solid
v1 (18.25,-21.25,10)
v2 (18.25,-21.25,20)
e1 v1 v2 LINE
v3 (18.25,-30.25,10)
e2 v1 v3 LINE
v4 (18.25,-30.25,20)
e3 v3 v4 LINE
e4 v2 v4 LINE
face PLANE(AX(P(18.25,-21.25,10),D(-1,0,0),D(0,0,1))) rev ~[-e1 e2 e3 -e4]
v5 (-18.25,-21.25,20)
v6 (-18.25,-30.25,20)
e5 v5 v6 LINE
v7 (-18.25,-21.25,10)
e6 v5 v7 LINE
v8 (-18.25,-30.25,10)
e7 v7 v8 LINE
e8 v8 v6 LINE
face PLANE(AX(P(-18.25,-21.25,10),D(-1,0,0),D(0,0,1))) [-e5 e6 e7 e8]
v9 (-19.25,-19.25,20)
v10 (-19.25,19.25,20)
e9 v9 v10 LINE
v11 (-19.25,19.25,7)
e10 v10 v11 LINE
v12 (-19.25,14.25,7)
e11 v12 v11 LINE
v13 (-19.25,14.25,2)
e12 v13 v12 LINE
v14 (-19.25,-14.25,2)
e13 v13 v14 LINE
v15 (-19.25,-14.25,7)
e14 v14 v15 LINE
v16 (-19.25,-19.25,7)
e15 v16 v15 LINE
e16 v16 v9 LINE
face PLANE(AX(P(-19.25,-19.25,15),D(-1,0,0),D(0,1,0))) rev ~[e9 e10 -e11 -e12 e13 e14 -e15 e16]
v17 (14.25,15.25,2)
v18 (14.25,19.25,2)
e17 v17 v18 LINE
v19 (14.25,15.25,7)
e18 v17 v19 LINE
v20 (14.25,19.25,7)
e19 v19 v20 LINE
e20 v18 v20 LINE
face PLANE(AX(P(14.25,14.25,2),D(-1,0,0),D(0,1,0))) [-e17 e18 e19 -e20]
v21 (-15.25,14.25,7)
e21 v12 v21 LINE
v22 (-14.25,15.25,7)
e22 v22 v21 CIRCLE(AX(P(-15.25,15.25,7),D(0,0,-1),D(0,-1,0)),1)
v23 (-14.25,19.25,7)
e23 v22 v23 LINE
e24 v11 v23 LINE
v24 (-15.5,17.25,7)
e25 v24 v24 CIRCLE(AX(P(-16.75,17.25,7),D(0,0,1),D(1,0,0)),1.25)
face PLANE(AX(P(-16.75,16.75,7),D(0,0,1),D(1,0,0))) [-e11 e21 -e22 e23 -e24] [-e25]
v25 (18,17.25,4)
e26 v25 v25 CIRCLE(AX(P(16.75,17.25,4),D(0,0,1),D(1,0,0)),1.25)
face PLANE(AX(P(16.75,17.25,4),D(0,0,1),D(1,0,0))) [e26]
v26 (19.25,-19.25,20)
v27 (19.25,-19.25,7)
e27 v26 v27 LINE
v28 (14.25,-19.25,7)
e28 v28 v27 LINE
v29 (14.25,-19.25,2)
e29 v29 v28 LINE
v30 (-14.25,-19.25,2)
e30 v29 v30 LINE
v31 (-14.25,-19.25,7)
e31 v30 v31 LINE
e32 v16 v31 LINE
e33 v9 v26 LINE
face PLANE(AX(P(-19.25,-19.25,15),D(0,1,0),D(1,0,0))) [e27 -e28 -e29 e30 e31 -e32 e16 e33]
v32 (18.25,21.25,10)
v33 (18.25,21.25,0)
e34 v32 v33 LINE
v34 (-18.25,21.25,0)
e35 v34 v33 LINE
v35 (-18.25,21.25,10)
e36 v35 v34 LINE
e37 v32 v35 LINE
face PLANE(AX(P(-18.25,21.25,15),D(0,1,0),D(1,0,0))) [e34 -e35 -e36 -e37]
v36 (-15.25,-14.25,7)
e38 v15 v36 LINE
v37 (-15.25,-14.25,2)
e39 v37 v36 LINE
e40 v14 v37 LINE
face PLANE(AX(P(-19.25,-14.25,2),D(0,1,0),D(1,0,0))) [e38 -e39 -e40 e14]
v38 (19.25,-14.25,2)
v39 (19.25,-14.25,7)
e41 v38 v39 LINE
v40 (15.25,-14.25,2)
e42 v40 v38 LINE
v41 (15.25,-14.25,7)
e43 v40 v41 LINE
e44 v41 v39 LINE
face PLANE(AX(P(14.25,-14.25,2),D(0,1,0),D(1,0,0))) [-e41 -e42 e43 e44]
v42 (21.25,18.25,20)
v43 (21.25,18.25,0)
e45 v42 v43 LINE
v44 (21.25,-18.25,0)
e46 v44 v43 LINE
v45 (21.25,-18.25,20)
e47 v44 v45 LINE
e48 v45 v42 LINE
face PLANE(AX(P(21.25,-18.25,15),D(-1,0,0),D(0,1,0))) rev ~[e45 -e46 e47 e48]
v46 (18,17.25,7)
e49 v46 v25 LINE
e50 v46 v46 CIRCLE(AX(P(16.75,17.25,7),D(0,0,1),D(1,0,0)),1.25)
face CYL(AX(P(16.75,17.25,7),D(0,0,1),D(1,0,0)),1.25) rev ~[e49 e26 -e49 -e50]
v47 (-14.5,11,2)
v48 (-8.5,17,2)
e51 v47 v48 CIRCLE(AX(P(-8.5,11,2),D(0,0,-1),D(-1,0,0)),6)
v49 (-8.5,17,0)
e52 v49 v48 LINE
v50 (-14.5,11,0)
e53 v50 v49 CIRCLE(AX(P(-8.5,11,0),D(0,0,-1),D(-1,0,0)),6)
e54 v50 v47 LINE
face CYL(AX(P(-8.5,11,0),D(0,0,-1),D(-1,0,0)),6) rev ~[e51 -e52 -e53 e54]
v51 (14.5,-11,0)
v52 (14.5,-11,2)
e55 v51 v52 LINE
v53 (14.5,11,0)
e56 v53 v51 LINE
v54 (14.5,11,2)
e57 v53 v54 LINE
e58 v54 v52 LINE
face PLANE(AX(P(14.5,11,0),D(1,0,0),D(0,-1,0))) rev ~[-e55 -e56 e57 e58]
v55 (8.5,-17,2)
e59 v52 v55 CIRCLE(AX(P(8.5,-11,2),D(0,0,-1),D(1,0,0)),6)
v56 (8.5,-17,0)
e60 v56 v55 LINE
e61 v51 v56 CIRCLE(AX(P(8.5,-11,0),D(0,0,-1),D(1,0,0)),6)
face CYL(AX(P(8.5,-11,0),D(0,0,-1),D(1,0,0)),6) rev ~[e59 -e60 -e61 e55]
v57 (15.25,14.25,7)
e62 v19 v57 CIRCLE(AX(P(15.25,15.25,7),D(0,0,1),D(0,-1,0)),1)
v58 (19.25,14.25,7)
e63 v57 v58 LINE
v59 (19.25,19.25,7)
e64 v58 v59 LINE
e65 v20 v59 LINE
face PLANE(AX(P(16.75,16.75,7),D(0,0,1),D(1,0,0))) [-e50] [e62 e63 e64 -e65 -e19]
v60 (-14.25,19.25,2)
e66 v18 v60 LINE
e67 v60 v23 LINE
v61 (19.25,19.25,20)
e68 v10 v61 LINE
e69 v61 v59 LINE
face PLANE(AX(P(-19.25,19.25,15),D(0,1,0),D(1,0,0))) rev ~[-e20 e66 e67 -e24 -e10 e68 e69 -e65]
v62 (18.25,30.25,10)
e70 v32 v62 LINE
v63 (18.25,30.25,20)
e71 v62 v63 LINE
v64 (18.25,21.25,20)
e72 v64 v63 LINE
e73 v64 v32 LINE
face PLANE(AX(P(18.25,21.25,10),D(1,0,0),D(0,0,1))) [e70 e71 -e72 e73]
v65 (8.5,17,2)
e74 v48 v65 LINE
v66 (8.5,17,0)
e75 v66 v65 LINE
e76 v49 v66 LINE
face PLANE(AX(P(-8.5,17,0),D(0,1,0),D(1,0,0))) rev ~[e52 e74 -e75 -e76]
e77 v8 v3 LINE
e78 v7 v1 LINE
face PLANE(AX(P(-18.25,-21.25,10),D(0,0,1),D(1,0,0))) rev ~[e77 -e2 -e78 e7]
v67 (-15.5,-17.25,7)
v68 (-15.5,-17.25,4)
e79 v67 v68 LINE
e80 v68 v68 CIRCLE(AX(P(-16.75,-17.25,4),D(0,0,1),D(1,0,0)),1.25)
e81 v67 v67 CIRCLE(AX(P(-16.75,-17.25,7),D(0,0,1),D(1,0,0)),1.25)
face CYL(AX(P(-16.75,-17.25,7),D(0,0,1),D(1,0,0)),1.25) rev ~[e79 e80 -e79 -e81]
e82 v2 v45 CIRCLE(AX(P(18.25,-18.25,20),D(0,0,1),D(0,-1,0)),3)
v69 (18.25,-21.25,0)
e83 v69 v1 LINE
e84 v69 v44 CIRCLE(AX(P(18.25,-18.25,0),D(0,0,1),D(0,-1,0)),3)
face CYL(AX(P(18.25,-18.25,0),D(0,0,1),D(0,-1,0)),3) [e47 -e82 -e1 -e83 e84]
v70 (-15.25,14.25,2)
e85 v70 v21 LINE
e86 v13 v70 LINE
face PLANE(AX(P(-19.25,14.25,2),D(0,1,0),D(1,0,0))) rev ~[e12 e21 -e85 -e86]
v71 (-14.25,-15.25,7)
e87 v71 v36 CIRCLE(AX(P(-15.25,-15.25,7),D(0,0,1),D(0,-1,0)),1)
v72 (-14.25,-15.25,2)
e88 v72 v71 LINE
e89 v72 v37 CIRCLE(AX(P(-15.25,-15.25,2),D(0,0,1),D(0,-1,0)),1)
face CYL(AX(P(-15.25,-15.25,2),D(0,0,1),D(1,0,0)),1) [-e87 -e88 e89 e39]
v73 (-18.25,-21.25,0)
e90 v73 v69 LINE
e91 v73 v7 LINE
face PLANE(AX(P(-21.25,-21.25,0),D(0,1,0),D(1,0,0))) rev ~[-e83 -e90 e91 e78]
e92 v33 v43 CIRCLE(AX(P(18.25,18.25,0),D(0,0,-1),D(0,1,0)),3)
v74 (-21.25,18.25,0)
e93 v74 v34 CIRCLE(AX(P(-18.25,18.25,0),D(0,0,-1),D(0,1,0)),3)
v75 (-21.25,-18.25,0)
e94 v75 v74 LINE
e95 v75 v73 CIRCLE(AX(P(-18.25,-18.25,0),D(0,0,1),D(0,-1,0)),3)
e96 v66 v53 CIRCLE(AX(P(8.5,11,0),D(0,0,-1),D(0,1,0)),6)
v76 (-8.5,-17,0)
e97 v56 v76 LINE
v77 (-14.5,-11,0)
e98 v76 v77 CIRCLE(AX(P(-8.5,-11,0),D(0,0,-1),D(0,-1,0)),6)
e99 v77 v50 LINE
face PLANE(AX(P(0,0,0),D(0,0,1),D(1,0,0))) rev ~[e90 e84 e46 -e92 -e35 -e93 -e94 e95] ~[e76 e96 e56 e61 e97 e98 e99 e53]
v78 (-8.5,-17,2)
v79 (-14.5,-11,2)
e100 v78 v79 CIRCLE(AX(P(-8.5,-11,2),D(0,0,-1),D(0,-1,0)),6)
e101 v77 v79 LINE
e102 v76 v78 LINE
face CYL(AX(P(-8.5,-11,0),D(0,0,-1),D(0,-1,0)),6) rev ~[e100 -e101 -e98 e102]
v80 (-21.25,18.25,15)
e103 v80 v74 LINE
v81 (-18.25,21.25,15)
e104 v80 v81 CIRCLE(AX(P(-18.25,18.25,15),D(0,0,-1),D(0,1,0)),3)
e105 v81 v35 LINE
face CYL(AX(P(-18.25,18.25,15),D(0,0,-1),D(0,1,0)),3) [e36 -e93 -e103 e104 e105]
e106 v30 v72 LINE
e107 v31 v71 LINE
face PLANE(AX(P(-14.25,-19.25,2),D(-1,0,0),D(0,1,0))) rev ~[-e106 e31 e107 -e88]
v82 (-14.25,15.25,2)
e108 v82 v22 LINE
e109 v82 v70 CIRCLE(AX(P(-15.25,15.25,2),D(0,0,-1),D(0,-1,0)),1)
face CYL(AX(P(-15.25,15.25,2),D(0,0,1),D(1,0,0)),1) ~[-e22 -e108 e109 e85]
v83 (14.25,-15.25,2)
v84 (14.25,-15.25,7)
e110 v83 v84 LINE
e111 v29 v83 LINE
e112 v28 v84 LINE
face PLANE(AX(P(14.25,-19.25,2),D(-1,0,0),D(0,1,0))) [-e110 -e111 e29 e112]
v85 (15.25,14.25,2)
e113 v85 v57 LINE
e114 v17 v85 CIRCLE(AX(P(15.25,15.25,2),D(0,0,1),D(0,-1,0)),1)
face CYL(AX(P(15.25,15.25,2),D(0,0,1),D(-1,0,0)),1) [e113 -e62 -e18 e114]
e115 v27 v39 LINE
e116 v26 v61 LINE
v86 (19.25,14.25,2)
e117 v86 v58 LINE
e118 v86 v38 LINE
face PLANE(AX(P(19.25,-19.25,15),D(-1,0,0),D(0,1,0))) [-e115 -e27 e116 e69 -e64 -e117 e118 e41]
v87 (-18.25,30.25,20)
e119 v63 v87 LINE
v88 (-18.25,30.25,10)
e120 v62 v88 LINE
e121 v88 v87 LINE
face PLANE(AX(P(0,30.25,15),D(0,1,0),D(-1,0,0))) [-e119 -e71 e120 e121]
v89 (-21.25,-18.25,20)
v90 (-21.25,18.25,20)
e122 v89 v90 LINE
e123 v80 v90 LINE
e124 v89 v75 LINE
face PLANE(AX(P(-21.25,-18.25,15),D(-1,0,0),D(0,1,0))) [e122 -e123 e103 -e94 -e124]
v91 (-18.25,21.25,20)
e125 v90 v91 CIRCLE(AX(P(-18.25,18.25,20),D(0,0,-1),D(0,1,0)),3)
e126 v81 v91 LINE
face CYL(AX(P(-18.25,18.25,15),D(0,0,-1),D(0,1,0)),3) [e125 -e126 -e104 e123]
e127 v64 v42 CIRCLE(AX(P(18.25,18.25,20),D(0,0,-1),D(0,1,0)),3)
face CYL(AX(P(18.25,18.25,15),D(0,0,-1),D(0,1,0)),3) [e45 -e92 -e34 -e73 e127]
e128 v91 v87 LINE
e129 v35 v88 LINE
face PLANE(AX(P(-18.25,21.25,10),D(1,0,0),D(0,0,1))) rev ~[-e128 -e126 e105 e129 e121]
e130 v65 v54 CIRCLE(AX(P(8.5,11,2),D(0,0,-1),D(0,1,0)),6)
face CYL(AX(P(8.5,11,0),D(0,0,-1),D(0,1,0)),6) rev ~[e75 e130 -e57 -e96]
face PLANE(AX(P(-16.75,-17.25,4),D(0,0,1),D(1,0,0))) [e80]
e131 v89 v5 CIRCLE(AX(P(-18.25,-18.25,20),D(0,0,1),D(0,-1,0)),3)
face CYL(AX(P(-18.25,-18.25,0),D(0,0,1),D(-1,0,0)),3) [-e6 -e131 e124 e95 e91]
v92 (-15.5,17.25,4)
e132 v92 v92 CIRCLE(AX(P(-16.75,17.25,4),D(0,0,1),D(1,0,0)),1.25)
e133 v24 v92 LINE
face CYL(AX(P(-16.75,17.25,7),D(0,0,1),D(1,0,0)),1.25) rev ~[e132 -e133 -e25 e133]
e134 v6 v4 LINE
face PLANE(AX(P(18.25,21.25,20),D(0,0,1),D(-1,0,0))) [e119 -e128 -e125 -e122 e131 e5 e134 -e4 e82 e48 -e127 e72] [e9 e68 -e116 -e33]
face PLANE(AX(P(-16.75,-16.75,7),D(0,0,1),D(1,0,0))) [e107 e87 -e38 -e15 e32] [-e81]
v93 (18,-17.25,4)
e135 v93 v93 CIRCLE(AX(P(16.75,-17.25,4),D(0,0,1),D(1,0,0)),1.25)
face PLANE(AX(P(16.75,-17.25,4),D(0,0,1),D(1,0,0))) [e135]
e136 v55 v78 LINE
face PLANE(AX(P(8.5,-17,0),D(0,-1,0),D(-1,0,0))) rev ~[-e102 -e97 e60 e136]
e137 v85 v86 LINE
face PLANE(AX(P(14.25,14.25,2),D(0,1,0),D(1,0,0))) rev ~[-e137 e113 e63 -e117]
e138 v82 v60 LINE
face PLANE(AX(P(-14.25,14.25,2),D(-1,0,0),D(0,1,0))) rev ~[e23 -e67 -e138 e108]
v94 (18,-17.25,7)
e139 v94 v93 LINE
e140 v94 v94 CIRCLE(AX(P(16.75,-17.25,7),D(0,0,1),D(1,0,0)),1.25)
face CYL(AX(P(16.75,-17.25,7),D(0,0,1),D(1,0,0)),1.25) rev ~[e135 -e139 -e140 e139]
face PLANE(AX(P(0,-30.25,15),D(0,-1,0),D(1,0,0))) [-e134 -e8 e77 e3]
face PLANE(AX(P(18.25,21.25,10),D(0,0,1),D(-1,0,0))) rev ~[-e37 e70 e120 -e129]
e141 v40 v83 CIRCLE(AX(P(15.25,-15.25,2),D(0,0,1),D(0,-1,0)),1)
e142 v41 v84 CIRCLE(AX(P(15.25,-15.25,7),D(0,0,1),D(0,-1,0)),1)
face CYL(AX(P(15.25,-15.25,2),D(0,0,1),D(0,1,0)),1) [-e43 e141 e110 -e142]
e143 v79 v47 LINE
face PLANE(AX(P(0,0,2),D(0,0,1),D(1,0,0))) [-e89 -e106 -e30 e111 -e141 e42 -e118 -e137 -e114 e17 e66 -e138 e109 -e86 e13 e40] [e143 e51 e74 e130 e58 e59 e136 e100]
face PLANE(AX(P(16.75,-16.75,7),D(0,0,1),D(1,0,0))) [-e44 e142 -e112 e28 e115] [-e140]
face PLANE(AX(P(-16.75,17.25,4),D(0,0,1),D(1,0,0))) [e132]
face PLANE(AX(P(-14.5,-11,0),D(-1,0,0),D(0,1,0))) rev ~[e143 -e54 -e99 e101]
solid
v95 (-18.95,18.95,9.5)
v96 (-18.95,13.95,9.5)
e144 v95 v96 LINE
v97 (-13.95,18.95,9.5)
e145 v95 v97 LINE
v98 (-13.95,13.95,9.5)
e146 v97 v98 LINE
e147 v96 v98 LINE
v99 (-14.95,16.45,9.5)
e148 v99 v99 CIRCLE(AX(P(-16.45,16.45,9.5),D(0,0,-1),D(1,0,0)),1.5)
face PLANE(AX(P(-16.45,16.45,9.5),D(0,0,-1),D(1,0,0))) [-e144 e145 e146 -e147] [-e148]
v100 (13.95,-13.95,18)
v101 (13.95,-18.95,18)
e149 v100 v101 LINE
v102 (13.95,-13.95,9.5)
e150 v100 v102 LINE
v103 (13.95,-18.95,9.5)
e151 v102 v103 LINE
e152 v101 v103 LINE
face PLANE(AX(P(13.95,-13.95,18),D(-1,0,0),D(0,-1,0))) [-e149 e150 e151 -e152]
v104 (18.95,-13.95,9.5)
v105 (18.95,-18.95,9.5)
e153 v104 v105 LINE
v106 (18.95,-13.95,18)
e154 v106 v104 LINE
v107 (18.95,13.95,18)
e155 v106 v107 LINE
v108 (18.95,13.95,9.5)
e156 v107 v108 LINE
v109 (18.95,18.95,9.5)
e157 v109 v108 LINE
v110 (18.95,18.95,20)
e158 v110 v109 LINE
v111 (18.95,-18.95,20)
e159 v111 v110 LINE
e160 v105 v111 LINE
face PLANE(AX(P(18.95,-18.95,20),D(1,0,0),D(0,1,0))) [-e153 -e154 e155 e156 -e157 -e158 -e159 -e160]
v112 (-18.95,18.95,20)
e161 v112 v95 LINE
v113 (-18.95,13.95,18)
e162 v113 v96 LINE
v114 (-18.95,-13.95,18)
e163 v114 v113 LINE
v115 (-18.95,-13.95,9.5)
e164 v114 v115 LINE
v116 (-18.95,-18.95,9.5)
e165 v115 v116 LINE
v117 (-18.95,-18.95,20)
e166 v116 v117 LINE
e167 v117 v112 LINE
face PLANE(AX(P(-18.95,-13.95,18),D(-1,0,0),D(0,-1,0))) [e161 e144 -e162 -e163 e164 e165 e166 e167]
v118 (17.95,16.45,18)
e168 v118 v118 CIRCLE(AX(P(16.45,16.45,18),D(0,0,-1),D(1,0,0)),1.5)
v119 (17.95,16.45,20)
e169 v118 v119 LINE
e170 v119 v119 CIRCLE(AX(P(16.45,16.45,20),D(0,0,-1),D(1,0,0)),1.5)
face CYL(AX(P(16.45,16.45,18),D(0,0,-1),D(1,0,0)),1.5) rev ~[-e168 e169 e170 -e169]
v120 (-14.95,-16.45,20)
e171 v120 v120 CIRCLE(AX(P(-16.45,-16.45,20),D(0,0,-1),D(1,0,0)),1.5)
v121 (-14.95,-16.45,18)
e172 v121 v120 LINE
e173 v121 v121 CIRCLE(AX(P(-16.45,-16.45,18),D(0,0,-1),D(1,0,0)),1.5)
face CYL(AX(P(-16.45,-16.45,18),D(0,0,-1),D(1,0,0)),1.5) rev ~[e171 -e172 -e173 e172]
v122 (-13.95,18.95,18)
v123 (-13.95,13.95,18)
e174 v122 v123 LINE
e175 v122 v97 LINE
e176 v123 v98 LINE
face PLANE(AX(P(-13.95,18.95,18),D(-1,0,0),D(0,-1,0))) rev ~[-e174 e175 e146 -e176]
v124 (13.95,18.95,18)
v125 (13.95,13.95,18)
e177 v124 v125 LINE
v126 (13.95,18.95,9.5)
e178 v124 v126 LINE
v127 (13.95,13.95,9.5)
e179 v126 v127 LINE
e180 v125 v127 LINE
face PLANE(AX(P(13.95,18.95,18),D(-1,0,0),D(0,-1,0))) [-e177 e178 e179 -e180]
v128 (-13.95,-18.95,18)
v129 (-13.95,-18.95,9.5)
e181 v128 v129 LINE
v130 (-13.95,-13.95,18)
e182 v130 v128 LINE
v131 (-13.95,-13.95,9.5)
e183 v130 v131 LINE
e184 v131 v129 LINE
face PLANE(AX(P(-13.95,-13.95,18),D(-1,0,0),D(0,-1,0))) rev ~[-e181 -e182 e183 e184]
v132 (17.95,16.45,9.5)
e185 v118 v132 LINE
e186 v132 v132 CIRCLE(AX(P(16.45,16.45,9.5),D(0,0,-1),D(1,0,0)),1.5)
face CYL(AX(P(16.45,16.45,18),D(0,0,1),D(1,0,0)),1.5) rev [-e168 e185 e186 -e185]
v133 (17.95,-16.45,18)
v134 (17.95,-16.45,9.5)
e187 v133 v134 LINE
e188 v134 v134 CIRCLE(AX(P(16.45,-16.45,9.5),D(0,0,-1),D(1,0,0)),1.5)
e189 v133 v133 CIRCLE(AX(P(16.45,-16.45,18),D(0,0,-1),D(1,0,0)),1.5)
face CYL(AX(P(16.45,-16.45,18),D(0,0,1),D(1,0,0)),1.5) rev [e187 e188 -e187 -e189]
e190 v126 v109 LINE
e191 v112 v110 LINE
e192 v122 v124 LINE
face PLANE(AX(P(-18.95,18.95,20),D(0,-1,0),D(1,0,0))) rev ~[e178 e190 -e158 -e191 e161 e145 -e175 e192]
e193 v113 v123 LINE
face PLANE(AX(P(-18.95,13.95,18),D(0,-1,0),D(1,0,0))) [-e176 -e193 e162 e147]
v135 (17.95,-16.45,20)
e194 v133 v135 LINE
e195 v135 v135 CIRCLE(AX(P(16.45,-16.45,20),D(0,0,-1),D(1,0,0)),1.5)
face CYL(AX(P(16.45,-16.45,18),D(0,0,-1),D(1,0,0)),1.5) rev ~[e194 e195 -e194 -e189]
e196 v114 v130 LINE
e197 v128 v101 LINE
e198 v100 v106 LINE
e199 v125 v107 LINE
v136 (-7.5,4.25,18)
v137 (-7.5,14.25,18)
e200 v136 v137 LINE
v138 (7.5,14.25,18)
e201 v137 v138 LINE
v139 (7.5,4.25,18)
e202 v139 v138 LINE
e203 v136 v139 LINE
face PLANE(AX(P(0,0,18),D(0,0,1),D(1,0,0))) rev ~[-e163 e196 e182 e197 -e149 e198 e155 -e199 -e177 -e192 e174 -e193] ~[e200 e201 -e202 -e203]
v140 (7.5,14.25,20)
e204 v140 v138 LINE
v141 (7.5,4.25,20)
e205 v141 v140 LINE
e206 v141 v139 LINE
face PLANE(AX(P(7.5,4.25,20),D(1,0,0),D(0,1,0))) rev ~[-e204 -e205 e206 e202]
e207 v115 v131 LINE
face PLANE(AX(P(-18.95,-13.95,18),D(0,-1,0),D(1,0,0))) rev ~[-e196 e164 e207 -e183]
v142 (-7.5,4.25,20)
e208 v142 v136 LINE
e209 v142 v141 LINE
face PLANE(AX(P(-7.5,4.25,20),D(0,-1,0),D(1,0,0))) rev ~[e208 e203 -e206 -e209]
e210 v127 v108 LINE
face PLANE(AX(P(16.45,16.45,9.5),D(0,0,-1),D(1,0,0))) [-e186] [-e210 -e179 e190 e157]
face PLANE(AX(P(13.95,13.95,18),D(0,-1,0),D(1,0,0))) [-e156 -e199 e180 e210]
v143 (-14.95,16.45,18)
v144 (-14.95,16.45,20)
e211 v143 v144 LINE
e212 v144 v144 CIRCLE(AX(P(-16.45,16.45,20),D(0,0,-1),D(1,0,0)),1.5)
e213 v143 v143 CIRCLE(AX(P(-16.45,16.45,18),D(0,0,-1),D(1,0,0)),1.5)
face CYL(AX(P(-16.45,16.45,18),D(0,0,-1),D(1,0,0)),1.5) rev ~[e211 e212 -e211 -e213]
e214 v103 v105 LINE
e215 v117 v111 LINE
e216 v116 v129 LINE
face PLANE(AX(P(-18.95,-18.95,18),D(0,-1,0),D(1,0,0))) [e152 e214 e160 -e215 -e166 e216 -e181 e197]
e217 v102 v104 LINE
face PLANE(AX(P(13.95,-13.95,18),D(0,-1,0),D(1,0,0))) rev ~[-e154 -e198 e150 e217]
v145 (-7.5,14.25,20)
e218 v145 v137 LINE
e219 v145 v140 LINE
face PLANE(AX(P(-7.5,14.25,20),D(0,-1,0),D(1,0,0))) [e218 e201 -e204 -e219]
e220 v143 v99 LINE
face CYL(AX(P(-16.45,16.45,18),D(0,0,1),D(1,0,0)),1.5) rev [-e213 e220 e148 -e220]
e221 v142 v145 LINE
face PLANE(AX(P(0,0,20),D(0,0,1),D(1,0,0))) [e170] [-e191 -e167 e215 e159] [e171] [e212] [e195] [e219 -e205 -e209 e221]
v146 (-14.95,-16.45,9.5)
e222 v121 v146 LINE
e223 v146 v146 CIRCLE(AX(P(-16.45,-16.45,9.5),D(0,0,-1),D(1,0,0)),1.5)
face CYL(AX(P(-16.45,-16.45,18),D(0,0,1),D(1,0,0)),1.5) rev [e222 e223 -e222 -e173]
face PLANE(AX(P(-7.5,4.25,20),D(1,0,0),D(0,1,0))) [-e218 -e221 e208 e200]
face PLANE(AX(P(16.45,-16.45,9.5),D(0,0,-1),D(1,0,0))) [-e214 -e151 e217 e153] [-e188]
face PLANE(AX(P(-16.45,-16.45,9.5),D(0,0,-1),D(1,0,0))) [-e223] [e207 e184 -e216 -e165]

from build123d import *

# Parameters (mm, degrees)
F0_W      = 42.5
F0_H      = 42.5
F0_W_2    = 38.5
F0_H_2    = 38.5
F1_DEPTH  = 2
F2_DEPTH  = 15
F3_W      = 5
F3_H      = 5
F4_DEPTH  = 5
F5_R      = 1
F6_R      = 3
F7_R      = 1.25
F8_DEPTH  = 3
F9_DEPTH  = 5
F10_W     = 37.9
F10_H     = 37.9
F10_W_2   = 15
F10_H_2   = 10
F11_DEPTH = 2
F12_W     = 5
F12_H     = 5
F12_R     = 1.5
F13_DEPTH = 8.5
F14_DEPTH = 25
F15_W     = 36.5
F15_H     = 10
F16_DEPTH = 9
F17_W     = 36.5
F17_H     = 10
F18_DEPTH = 9


with BuildPart() as f1:
    # F0 (on Top) → F1 (new body)
    with BuildSketch(Plane.XY):
        Rectangle(F0_W, F0_H)
        Rectangle(F0_W_2, F0_H_2, mode=Mode.SUBTRACT)
        Rectangle(F0_W_2, F0_H_2)
        with BuildLine():
            ThreePointArc((14.5, -11), (12.7426406871, -15.2426406871), (8.5, -17))
            Line((8.5, -17), (-8.5, -17))
            ThreePointArc((-8.5, -17), (-12.7426406871, -15.2426406871), (-14.5, -11))
            Line((-14.5, -11), (-14.5, 11))
            ThreePointArc((-14.5, 11), (-12.7426406871, 15.2426406871), (-8.5, 17))
            Line((-8.5, 17), (8.5, 17))
            ThreePointArc((8.5, 17), (12.7426406871, 15.2426406871), (14.5, 11))
            Line((14.5, 11), (14.5, -11))
        make_face(mode=Mode.SUBTRACT)
    extrude(amount=F1_DEPTH)

    # F0 (on Top) → F2 (join)
    with BuildSketch(Plane.XY):
        Rectangle(F0_W, F0_H)
        Rectangle(F0_W_2, F0_H_2, mode=Mode.SUBTRACT)
    extrude(amount=F2_DEPTH)

    # F3 (on face) → F4 (join)
    with BuildSketch(Plane.XY.offset(2)):
        with Locations((16.75, 16.75)):
            Rectangle(F3_W, F3_H)
        with Locations((16.75, -16.75)):
            Rectangle(F3_W, F3_H)
        with Locations((-16.75, -16.75)):
            Rectangle(F3_W, F3_H)
        with Locations((-16.75, 16.75)):
            Rectangle(F3_W, F3_H)
    extrude(amount=F4_DEPTH)

    # F5
    f5_edges = [f1.edges().sort_by_distance(p)[0] for p in [
        (14.25, 14.25, 4.5),
        (14.25, -14.25, 4.5),
        (-14.25, -14.25, 4.5),
        (-14.25, 14.25, 4.5),
    ]]
    fillet(f5_edges, radius=F5_R)

    # F6
    f6_edges = [f1.edges().sort_by_distance(p)[0] for p in [
        (21.25, 21.25, 7.5),
        (21.25, -21.25, 7.5),
        (-21.25, -21.25, 7.5),
        (-21.25, 21.25, 7.5),
    ]]
    fillet(f6_edges, radius=F6_R)

    # F7 (on face) → F8 (cut)
    with BuildSketch(Plane.XY.offset(7)):
        with Locations((16.75, -17.25)):
            Circle(F7_R)
        with Locations((-16.75, -17.25)):
            Circle(F7_R)
        with Locations((16.75, 17.25)):
            Circle(F7_R)
        with Locations((-16.75, 17.25)):
            Circle(F7_R)
    extrude(amount=-F8_DEPTH, mode=Mode.SUBTRACT)

    # F9 (add): a face of the model
    f9_faces = [f1.faces().sort_by_distance(p)[0] for p in [
        (-20.648959236, 0, 15),
    ]]
    extrude(f9_faces, amount=F9_DEPTH)

    # F15 (on face) → F16 (join)
    with BuildSketch(Plane.XZ.offset(21.25)):
        with Locations((0, 15)):
            Rectangle(F15_W, F15_H)
    extrude(amount=F16_DEPTH)

    # F17 (on face) → F18 (join)
    with BuildSketch(Plane(origin=(0, 21.25, 0), x_dir=(-1, 0, 0), z_dir=(0, 1, 0))):
        with Locations((0, 15)):
            Rectangle(F17_W, F17_H)
    extrude(amount=F18_DEPTH)


with BuildPart() as f11:
    # F10 (on face) → F11 (new body)
    with BuildSketch(Plane.XY.offset(20)):
        Rectangle(F10_W, F10_H)
        with Locations((0, 9.25)):
            Rectangle(F10_W_2, F10_H_2, mode=Mode.SUBTRACT)
    extrude(amount=-F11_DEPTH)

    # F12 (on face) → F13 (join)
    with BuildSketch(Plane(origin=(0, 0, 18), x_dir=(1, 0, 0), z_dir=(0, 0, -1))):
        with Locations((-16.45, 16.45)):
            Rectangle(F12_W, F12_H)
        with Locations((-16.45, 16.45)):
            Circle(F12_R, mode=Mode.SUBTRACT)
        with Locations((16.45, 16.45)):
            Rectangle(F12_W, F12_H)
        with Locations((16.45, 16.45)):
            Circle(F12_R, mode=Mode.SUBTRACT)
        with Locations((-16.45, -16.45)):
            Rectangle(F12_W, F12_H)
        with Locations((-16.45, -16.45)):
            Circle(F12_R, mode=Mode.SUBTRACT)
        with Locations((16.45, -16.45)):
            Rectangle(F12_W, F12_H)
        with Locations((16.45, -16.45)):
            Circle(F12_R, mode=Mode.SUBTRACT)
    extrude(amount=F13_DEPTH)

    # F14 (cut): faces of the model
    f14_faces = [f11.faces().sort_by_distance(p)[0] for p in [
        (-16.45, -16.45, 18),
        (16.45, -16.45, 18),
        (16.45, 16.45, 18),
        (-16.45, 16.45, 18),
    ]]
    extrude(f14_faces, amount=-F14_DEPTH, mode=Mode.SUBTRACT)


solid = Compound([f1.part, f11.part])
